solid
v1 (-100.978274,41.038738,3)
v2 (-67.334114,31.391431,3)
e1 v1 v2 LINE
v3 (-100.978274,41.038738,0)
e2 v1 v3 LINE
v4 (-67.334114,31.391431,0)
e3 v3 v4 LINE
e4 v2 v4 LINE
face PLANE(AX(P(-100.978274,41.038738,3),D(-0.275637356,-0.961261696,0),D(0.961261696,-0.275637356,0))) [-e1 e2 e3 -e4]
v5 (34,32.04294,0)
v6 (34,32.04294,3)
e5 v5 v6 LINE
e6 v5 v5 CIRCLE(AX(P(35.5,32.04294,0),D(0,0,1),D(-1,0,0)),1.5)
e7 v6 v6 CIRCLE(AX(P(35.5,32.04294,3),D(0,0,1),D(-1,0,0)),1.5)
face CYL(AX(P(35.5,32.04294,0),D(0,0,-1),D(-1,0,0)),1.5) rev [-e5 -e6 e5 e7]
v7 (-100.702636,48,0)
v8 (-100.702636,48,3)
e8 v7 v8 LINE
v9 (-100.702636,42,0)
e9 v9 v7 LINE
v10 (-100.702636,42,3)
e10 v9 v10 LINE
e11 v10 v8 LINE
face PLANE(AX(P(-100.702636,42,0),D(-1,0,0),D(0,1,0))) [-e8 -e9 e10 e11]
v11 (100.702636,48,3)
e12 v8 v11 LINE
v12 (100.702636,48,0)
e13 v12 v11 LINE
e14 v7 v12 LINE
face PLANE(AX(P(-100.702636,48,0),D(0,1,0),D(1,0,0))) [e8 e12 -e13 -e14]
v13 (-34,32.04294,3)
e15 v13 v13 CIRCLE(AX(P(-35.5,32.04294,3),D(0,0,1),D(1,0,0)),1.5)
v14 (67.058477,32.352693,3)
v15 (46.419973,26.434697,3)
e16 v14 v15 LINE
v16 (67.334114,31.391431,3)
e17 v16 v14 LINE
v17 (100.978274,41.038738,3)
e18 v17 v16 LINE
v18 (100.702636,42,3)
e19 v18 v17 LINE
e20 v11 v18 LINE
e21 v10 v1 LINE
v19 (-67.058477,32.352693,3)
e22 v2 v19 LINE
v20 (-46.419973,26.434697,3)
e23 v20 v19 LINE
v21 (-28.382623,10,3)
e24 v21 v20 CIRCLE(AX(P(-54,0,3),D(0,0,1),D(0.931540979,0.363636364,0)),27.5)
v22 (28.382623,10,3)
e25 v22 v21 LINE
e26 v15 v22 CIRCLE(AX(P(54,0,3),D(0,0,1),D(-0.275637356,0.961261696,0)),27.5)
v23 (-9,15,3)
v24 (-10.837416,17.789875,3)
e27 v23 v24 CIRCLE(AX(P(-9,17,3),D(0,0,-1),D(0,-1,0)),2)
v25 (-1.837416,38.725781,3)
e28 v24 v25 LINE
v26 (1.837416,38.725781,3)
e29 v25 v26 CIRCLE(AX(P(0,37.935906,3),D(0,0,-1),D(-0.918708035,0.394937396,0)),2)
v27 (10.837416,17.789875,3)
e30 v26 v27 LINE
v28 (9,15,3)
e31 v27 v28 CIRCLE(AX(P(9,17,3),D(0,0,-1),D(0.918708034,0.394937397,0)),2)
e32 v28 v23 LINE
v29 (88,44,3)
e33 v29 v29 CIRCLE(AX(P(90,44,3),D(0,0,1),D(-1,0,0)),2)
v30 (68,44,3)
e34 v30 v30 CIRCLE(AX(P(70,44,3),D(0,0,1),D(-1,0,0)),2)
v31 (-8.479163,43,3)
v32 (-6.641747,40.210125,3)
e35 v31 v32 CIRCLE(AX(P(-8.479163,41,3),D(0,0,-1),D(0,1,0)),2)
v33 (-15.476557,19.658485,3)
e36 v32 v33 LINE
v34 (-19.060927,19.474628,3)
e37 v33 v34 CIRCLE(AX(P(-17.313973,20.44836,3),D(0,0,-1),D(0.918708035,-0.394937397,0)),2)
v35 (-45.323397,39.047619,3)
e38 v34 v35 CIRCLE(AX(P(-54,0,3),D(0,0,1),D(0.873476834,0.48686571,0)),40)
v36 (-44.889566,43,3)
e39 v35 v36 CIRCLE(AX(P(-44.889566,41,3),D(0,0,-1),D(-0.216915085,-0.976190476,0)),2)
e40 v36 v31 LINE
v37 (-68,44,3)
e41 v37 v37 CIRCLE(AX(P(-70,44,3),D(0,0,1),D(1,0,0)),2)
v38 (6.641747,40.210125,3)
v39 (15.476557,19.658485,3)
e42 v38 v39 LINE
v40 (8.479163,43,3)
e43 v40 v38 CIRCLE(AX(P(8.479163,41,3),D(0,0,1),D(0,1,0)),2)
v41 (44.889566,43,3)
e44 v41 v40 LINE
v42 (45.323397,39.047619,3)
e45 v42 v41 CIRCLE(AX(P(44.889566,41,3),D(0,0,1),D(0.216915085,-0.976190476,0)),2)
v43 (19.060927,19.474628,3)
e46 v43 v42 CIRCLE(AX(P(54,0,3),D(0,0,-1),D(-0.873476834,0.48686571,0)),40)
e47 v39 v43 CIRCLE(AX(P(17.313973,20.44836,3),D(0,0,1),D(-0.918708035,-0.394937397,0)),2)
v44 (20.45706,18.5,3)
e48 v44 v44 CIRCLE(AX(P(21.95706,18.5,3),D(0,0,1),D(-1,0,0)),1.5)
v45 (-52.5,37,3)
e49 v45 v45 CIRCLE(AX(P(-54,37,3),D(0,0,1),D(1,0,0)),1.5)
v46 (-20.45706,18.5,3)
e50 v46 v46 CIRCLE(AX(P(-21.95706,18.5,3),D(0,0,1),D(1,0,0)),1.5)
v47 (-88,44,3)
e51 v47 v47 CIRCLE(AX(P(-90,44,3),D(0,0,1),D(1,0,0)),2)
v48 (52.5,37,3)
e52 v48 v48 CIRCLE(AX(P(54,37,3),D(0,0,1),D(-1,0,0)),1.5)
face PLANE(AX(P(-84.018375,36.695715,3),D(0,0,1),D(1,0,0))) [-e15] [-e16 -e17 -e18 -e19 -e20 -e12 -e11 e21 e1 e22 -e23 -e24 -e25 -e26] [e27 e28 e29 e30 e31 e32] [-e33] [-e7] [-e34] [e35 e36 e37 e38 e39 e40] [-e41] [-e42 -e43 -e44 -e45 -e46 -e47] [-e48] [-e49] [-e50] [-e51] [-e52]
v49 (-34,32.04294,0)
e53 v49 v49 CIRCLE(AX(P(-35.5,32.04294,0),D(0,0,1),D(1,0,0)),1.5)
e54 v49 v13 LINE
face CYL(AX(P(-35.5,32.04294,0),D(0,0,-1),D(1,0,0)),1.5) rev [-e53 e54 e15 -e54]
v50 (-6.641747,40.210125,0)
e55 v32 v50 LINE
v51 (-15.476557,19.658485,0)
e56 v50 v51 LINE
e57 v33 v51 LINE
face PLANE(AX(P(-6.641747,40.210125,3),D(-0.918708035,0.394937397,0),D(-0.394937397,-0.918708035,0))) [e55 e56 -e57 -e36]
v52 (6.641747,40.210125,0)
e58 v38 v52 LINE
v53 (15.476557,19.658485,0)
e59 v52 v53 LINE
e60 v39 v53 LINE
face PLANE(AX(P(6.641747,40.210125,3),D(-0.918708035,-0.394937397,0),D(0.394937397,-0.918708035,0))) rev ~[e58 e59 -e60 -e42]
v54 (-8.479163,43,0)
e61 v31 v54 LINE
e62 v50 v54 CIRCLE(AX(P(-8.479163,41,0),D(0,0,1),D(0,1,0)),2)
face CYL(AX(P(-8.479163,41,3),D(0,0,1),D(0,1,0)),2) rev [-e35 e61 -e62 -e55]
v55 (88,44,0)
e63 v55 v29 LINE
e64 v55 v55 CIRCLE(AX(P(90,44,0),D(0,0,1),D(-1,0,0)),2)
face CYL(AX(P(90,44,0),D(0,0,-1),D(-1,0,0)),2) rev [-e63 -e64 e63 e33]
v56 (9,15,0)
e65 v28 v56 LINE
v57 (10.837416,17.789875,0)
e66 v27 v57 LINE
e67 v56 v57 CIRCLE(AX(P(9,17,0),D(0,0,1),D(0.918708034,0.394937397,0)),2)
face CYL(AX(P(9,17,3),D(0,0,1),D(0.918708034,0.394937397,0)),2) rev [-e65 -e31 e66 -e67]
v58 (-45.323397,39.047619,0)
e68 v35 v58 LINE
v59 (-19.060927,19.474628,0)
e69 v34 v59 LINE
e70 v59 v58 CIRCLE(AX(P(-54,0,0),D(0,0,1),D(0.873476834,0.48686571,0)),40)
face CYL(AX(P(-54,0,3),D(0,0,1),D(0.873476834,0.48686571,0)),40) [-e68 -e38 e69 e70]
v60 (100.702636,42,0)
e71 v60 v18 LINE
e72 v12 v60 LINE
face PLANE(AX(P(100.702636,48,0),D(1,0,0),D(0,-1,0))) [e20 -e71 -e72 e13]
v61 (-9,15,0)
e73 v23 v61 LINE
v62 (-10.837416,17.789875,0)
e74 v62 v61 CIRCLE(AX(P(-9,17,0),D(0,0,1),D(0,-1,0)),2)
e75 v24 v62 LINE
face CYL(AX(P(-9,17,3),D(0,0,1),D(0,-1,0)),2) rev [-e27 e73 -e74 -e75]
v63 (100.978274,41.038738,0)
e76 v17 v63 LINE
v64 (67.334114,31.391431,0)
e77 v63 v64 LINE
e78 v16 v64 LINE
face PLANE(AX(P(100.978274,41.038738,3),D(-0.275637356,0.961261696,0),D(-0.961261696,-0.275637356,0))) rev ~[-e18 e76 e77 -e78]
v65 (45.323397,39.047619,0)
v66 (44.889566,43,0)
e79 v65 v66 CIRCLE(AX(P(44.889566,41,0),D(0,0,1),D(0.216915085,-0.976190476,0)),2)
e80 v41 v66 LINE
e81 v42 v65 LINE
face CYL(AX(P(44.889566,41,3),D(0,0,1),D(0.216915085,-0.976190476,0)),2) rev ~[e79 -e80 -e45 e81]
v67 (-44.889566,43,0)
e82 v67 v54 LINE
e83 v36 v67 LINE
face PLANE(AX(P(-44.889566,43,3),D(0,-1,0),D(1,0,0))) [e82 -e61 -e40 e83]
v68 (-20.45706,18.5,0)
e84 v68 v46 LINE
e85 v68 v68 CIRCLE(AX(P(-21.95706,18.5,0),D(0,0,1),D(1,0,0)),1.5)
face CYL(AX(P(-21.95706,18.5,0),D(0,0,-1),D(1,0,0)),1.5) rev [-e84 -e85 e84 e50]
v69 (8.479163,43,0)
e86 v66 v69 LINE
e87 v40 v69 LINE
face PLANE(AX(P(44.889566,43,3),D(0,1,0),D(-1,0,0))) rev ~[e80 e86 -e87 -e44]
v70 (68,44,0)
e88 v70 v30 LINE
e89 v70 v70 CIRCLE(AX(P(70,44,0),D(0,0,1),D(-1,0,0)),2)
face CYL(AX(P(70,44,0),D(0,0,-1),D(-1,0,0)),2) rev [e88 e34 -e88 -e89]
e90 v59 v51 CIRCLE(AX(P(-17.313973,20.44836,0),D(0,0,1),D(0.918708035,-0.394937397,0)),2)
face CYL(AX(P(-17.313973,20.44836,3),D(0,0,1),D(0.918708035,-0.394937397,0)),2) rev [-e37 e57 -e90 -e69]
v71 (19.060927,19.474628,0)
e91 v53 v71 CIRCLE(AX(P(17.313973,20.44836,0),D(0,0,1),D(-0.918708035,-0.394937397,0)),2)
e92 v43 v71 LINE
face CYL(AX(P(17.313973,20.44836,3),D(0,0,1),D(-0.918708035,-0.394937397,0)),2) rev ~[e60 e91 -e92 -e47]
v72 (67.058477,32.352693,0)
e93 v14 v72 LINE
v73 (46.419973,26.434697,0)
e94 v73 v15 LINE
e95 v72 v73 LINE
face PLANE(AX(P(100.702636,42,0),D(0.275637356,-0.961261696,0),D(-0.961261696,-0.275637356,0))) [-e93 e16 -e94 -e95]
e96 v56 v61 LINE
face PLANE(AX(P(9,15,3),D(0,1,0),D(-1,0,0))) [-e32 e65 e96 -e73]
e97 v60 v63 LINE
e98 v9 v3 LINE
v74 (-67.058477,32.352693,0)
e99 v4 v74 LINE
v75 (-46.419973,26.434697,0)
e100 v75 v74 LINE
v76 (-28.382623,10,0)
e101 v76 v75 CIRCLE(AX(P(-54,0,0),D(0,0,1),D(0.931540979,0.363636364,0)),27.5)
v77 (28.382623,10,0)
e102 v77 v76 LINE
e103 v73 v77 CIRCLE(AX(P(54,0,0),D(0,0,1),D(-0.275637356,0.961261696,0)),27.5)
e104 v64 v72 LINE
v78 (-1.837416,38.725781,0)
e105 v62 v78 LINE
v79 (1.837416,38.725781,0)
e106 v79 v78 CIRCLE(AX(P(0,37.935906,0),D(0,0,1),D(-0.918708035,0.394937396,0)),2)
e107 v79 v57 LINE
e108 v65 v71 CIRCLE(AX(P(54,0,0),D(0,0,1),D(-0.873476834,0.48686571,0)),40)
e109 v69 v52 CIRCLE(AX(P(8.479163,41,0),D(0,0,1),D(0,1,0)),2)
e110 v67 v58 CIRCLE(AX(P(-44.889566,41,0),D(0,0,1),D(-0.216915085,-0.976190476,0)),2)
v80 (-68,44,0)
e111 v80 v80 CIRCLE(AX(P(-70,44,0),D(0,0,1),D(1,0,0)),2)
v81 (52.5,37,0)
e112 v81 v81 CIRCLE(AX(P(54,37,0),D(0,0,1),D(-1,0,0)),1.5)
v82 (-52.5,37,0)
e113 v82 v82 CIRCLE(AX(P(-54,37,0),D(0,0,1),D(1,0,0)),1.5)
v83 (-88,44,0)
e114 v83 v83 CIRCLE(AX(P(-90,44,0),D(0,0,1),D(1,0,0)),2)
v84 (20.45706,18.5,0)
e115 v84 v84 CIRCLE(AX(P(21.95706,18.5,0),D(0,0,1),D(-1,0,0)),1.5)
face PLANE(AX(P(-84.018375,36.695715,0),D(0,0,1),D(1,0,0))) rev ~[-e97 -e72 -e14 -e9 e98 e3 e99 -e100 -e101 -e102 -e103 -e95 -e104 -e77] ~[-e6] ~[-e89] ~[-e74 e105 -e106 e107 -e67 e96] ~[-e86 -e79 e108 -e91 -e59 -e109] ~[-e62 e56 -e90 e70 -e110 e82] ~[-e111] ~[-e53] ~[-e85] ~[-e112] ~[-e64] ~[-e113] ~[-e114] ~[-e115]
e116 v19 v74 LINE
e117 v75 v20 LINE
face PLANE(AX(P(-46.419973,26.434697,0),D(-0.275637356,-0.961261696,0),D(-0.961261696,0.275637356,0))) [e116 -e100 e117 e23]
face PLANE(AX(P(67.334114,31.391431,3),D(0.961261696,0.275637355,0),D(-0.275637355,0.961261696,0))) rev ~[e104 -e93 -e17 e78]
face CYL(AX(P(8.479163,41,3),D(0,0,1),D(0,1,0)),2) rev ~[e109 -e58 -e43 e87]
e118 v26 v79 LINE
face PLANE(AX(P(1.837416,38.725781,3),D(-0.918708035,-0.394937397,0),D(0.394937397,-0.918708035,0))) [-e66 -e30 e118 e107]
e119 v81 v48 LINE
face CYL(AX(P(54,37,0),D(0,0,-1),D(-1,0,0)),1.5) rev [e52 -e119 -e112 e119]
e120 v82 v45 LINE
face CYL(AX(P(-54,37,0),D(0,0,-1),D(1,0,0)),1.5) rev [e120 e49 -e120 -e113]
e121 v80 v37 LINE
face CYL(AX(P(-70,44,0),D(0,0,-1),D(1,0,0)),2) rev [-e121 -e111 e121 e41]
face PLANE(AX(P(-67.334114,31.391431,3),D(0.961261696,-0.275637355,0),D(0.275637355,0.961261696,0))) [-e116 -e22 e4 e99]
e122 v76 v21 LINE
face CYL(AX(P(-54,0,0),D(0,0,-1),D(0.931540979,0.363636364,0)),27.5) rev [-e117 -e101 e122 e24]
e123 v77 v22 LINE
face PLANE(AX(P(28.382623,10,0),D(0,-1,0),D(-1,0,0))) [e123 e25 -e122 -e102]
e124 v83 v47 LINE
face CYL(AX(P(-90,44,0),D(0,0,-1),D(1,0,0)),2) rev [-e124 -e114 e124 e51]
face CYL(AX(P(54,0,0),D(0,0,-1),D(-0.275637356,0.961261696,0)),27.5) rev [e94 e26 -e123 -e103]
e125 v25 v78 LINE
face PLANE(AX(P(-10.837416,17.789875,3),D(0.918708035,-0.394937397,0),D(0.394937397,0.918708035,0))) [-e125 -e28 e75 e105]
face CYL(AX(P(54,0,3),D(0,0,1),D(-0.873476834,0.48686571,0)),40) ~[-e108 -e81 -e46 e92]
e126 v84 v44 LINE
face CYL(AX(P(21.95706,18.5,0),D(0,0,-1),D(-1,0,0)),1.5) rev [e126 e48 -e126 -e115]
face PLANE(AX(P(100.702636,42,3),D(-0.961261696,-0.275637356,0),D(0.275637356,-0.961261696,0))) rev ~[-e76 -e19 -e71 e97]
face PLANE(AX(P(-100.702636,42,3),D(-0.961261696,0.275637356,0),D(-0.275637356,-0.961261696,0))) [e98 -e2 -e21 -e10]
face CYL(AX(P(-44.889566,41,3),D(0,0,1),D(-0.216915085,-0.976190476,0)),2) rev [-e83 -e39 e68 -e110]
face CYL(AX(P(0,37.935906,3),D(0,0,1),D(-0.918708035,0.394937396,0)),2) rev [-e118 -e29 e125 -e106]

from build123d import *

# Parameters (mm, degrees)
SKETCH_1_R          = 1.5
SKETCH_1_R_2        = 2
EXTRUDE_1_DEPTH     = 3
EXTRUDE_2_DEPTH     = 3
CUT_EXTRUDE_1_DEPTH = 112.846375834


with BuildPart() as part:
    # 草图1 → 凸台-拉伸1 (new body)
    with BuildSketch(Plane.XY):
        with BuildLine():
            Line((-46.419972715, 26.434696638), (-100.702636481, 42))
            Line((-100.702636481, 42), (-100.702636481, 48))
            Line((-100.702636481, 48), (100.702636481, 48))
            Line((100.702636481, 48), (100.702636481, 42))
            Line((100.702636481, 42), (46.419972715, 26.434696638))
            ThreePointArc((46.419972715, 26.434696638), (35.478614393, 20.327525063), (28.382623085, 10))
            Line((28.382623085, 10), (-28.382623085, 10))
            ThreePointArc((-28.382623085, 10), (-35.478614393, 20.327525063), (-46.419972715, 26.434696638))
        make_face()
        with Locations((-54, 37)):
            Circle(SKETCH_1_R, mode=Mode.SUBTRACT)
        with Locations((-35.5, 32.04293994)):
            Circle(SKETCH_1_R, mode=Mode.SUBTRACT)
        with Locations((-21.95706006, 18.5)):
            Circle(SKETCH_1_R, mode=Mode.SUBTRACT)
        with Locations(Location((21.95706006, 18.5, 0), (0, 0, 180))):
            Circle(SKETCH_1_R, mode=Mode.SUBTRACT)
        with Locations(Location((35.5, 32.04293994, 0), (0, 0, 180))):
            Circle(SKETCH_1_R, mode=Mode.SUBTRACT)
        with Locations(Location((54, 37, 0), (0, 0, 180))):
            Circle(SKETCH_1_R, mode=Mode.SUBTRACT)
        with Locations((-90, 44)):
            Circle(SKETCH_1_R_2, mode=Mode.SUBTRACT)
        with Locations((-70, 44)):
            Circle(SKETCH_1_R_2, mode=Mode.SUBTRACT)
        with Locations(Location((70, 44, 0), (0, 0, 180))):
            Circle(SKETCH_1_R_2, mode=Mode.SUBTRACT)
        with Locations(Location((90, 44, 0), (0, 0, 180))):
            Circle(SKETCH_1_R_2, mode=Mode.SUBTRACT)
    extrude(amount=EXTRUDE_1_DEPTH)

    # 草图2 → 凸台-拉伸2 (add)
    with BuildSketch(Plane.XY.offset(3)):
        Polygon((-100.702636481, 42), (-100.978273837, 41.038738304), (-67.334114479, 31.39143085), (-67.058477124, 32.352692546), align=None)
        Polygon((67.058477124, 32.352692546), (100.702636481, 42), (100.978273837, 41.038738304), (67.334114479, 31.39143085), align=None)
    extrude(amount=-EXTRUDE_2_DEPTH)

    # 草图3 → 切除-拉伸1 (cut, through all)
    with BuildSketch(Plane.XY.offset(3)):
        with BuildLine():
            Line((-6.641746516, 40.210125207), (-15.476556882, 19.658485028))
            ThreePointArc((-15.476556882, 19.658485028), (-17.211519663, 18.450985714), (-19.06092662, 19.474628401))
            ThreePointArc((-19.06092662, 19.474628401), (-30.09691848, 32.072460053), (-45.323396591, 39.047619048))
            ThreePointArc((-45.323396591, 39.047619048), (-46.877626016, 41.21821789), (-44.889566421, 43))
            Line((-44.889566421, 43), (-8.479162585, 43))
            ThreePointArc((-8.479162585, 43), (-6.808870756, 42.100056911), (-6.641746516, 40.210125207))
        make_face()
        with BuildLine():
            Line((-10.837416069, 17.789874793), (-1.837416069, 38.725781047))
            ThreePointArc((-1.837416069, 38.725781047), (0, 39.935906254), (1.837416069, 38.725781047))
            Line((1.837416069, 38.725781047), (10.837416069, 17.789874793))
            ThreePointArc((10.837416069, 17.789874793), (10.670291829, 15.899943089), (9, 15))
            Line((9, 15), (-9, 15))
            ThreePointArc((-9, 15), (-10.670291829, 15.899943089), (-10.837416069, 17.789874793))
        make_face()
        with BuildLine():
            Line((44.889566421, 43), (8.479162585, 43))
            ThreePointArc((8.479162585, 43), (6.808870756, 42.100056911), (6.641746516, 40.210125207))
            Line((6.641746516, 40.210125207), (15.476556882, 19.658485028))
            ThreePointArc((15.476556882, 19.658485028), (17.211519663, 18.450985714), (19.06092662, 19.474628401))
            ThreePointArc((19.06092662, 19.474628401), (30.09691848, 32.072460053), (45.323396591, 39.047619048))
            ThreePointArc((45.323396591, 39.047619048), (46.877626016, 41.21821789), (44.889566421, 43))
        make_face()
    extrude(amount=-CUT_EXTRUDE_1_DEPTH, mode=Mode.SUBTRACT)


solid = part.part
